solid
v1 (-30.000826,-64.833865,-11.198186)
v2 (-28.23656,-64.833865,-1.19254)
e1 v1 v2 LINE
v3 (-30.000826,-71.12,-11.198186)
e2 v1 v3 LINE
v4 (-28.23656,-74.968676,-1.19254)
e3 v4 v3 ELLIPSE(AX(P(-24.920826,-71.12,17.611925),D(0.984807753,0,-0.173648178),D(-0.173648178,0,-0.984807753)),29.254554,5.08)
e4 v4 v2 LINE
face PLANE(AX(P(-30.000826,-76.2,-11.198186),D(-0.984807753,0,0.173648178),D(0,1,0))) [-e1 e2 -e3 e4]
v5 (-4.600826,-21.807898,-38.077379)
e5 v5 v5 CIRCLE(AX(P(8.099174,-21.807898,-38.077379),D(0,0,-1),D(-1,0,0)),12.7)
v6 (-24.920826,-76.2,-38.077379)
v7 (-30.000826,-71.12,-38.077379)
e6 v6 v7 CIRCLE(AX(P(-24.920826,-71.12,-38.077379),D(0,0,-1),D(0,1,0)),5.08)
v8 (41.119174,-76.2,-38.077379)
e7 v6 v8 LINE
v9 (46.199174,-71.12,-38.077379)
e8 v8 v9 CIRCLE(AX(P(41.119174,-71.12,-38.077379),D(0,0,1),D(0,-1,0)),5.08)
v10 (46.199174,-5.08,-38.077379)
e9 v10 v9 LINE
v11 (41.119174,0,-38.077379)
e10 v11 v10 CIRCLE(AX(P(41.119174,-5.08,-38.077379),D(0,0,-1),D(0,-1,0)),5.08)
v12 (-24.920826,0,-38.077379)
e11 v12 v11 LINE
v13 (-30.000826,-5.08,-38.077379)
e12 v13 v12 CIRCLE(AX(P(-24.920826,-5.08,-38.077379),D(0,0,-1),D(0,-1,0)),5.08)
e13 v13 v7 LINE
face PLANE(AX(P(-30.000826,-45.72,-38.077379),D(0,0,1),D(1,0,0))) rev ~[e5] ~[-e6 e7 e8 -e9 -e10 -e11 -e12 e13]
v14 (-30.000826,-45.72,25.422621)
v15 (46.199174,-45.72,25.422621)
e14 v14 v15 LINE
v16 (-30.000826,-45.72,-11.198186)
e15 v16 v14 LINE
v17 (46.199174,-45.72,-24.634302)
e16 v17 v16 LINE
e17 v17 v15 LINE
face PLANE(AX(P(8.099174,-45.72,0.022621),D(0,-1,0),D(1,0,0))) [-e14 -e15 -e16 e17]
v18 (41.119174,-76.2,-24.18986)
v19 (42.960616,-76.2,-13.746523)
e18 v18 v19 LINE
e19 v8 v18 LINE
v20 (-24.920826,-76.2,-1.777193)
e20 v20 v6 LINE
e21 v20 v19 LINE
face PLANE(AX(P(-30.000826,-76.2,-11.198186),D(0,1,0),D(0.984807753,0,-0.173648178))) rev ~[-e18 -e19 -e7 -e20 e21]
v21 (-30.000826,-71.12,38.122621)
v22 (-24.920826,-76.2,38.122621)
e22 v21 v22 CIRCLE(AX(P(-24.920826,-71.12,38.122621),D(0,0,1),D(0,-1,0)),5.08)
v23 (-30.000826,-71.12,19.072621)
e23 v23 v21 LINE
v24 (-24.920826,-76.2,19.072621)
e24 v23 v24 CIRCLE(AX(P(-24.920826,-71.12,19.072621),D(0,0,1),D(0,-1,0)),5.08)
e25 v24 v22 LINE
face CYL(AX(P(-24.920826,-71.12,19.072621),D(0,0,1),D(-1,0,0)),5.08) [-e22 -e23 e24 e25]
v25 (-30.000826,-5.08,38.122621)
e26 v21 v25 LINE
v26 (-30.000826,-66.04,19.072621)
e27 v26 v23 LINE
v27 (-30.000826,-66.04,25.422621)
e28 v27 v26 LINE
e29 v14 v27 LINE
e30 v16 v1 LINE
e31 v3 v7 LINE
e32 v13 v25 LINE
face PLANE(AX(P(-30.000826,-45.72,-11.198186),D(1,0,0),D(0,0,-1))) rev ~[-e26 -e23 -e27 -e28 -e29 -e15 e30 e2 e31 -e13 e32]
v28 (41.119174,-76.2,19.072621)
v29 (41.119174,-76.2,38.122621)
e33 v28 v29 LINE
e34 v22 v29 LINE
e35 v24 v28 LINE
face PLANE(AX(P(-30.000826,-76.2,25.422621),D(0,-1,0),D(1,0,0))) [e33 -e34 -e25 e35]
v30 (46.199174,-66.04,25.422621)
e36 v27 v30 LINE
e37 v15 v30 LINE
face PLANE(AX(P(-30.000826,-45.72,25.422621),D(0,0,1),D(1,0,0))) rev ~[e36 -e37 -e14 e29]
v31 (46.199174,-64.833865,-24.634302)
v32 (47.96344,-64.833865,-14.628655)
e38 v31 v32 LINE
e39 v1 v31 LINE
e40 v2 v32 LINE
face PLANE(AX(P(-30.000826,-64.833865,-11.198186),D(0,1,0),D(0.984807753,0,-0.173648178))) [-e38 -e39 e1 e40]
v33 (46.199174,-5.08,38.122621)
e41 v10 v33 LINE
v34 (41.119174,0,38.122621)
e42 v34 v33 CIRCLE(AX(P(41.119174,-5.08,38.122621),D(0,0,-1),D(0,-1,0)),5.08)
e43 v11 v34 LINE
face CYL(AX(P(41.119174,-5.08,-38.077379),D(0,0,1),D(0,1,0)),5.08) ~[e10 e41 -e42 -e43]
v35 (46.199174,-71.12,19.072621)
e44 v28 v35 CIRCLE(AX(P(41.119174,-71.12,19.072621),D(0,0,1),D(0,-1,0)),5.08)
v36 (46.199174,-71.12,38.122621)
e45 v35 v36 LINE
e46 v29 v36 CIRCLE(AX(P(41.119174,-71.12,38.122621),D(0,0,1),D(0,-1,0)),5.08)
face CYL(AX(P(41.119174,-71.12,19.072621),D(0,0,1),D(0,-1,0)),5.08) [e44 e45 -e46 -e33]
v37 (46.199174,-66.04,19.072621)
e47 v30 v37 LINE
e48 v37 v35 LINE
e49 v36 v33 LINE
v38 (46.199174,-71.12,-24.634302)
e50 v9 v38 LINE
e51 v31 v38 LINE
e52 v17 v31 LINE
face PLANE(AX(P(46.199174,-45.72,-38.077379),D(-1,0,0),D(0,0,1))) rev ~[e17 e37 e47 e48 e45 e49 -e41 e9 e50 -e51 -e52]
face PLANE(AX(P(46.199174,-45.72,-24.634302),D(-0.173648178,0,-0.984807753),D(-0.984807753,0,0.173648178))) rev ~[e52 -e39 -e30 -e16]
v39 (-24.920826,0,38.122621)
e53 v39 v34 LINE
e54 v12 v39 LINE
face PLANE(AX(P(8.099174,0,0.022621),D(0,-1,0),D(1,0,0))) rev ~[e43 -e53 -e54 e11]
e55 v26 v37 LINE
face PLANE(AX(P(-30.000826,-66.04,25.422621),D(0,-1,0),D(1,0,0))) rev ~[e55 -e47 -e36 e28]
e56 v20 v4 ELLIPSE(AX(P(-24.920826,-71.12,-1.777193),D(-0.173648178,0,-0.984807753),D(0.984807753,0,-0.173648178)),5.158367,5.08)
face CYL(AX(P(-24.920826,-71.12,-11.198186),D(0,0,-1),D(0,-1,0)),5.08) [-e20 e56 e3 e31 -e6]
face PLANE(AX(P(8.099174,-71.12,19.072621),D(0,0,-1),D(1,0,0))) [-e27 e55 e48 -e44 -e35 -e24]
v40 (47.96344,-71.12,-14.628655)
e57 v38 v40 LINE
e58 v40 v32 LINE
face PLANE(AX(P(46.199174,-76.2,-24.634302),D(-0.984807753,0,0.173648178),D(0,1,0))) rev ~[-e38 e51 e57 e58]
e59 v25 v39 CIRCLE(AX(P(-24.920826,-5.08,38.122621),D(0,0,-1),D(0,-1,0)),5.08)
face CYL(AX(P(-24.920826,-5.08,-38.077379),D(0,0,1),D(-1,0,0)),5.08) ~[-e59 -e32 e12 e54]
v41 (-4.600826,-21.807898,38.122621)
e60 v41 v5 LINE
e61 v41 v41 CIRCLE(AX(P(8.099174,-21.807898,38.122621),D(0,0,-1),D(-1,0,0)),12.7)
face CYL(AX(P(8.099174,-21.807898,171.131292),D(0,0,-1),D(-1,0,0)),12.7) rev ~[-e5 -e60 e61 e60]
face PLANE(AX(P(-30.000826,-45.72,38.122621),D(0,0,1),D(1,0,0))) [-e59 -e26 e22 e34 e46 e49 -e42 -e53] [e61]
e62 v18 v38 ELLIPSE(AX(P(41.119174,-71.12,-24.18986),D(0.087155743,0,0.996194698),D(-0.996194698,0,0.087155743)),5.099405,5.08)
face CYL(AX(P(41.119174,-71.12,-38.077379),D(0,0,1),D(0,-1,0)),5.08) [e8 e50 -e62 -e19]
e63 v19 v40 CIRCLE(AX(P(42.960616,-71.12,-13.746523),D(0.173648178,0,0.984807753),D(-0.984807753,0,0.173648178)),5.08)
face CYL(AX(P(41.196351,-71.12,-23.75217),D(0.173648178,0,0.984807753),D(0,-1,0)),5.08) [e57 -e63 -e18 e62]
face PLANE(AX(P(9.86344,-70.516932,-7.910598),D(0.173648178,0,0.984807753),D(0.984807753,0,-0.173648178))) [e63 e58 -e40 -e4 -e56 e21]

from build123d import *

# Parameters (mm, degrees)
F0_W     = 76.2
F0_H     = 76.2
F1_DEPTH = 45.72
F2_W     = 76.2
F2_H     = 12.7
F3_DEPTH = 30.48
F4_W     = 76.2
F4_H     = 10.16
F5_DEPTH = 6.35
F7_DEPTH = 30.48
F8_W     = 77.3755078257
F8_H     = 11.3661354303
F9_DEPTH = 10.16
F10_R    = 5.08
F12_D    = 25.4


with BuildPart() as f1:
    # F0 (on Front) → F1 (new body)
    with BuildSketch(Plane.XZ):
        with Locations((8.099174127, 0.0226207582)):
            Rectangle(F0_W, F0_H)
    extrude(amount=F1_DEPTH)

    # F2 (on face) → F3 (join)
    with BuildSketch(Plane.XZ.offset(45.72)):
        with Locations((8.099174127, 31.7726207582)):
            Rectangle(F2_W, F2_H)
    extrude(amount=F3_DEPTH)

    # F4 (on face) → F5 (join)
    with BuildSketch(Plane(origin=(0, 0, 25.4226207582), x_dir=(1, 0, 0), z_dir=(0, 0, -1))):
        with Locations((8.099174127, 71.12)):
            Rectangle(F4_W, F4_H)
    extrude(amount=F5_DEPTH)

    # F6 (on face) → F7 (join)
    with BuildSketch(Plane.XZ.offset(45.72)):
        Polygon((-30.000825873, -11.1981863156), (-30.000825873, -38.0773792418), (46.199174127, -38.0773792418), (46.199174127, -24.6343022456), align=None)
    extrude(amount=F7_DEPTH)

    # F8 (on face) → F9 (join)
    with BuildSketch(Plane(origin=(-2.8196382357, 0, -15.9909630638), x_dir=(0.984807753, 0, -0.1736481777), z_dir=(0.1736481777, 0, 0.984807753))):
        with Locations((11.0872526432, -70.5169322848)):
            Rectangle(F8_W, F8_H)
    extrude(amount=F9_DEPTH)

    # F10
    f10_edges = [f1.edges().sort_by_distance(p)[0] for p in [
        (-30.000826, -76.2, 28.597621),
        (-30.000826, -76.2, -24.637783),
        (46.199174, -76.2, -31.355841),
        (47.081307, -76.2, -19.631479),
        (46.199174, -76.2, 28.597621),
        (46.199174, 0, 0.022621),
        (-30.000826, 0, 0.022621),
    ]]
    fillet(f10_edges, radius=F10_R)

    # F12 (through all)
    with Locations(Plane.XY.offset(38.1226207582)):
        with Locations((8.099174127, -21.8078975493)):
            Hole(F12_D / 2)


solid = f1.part
